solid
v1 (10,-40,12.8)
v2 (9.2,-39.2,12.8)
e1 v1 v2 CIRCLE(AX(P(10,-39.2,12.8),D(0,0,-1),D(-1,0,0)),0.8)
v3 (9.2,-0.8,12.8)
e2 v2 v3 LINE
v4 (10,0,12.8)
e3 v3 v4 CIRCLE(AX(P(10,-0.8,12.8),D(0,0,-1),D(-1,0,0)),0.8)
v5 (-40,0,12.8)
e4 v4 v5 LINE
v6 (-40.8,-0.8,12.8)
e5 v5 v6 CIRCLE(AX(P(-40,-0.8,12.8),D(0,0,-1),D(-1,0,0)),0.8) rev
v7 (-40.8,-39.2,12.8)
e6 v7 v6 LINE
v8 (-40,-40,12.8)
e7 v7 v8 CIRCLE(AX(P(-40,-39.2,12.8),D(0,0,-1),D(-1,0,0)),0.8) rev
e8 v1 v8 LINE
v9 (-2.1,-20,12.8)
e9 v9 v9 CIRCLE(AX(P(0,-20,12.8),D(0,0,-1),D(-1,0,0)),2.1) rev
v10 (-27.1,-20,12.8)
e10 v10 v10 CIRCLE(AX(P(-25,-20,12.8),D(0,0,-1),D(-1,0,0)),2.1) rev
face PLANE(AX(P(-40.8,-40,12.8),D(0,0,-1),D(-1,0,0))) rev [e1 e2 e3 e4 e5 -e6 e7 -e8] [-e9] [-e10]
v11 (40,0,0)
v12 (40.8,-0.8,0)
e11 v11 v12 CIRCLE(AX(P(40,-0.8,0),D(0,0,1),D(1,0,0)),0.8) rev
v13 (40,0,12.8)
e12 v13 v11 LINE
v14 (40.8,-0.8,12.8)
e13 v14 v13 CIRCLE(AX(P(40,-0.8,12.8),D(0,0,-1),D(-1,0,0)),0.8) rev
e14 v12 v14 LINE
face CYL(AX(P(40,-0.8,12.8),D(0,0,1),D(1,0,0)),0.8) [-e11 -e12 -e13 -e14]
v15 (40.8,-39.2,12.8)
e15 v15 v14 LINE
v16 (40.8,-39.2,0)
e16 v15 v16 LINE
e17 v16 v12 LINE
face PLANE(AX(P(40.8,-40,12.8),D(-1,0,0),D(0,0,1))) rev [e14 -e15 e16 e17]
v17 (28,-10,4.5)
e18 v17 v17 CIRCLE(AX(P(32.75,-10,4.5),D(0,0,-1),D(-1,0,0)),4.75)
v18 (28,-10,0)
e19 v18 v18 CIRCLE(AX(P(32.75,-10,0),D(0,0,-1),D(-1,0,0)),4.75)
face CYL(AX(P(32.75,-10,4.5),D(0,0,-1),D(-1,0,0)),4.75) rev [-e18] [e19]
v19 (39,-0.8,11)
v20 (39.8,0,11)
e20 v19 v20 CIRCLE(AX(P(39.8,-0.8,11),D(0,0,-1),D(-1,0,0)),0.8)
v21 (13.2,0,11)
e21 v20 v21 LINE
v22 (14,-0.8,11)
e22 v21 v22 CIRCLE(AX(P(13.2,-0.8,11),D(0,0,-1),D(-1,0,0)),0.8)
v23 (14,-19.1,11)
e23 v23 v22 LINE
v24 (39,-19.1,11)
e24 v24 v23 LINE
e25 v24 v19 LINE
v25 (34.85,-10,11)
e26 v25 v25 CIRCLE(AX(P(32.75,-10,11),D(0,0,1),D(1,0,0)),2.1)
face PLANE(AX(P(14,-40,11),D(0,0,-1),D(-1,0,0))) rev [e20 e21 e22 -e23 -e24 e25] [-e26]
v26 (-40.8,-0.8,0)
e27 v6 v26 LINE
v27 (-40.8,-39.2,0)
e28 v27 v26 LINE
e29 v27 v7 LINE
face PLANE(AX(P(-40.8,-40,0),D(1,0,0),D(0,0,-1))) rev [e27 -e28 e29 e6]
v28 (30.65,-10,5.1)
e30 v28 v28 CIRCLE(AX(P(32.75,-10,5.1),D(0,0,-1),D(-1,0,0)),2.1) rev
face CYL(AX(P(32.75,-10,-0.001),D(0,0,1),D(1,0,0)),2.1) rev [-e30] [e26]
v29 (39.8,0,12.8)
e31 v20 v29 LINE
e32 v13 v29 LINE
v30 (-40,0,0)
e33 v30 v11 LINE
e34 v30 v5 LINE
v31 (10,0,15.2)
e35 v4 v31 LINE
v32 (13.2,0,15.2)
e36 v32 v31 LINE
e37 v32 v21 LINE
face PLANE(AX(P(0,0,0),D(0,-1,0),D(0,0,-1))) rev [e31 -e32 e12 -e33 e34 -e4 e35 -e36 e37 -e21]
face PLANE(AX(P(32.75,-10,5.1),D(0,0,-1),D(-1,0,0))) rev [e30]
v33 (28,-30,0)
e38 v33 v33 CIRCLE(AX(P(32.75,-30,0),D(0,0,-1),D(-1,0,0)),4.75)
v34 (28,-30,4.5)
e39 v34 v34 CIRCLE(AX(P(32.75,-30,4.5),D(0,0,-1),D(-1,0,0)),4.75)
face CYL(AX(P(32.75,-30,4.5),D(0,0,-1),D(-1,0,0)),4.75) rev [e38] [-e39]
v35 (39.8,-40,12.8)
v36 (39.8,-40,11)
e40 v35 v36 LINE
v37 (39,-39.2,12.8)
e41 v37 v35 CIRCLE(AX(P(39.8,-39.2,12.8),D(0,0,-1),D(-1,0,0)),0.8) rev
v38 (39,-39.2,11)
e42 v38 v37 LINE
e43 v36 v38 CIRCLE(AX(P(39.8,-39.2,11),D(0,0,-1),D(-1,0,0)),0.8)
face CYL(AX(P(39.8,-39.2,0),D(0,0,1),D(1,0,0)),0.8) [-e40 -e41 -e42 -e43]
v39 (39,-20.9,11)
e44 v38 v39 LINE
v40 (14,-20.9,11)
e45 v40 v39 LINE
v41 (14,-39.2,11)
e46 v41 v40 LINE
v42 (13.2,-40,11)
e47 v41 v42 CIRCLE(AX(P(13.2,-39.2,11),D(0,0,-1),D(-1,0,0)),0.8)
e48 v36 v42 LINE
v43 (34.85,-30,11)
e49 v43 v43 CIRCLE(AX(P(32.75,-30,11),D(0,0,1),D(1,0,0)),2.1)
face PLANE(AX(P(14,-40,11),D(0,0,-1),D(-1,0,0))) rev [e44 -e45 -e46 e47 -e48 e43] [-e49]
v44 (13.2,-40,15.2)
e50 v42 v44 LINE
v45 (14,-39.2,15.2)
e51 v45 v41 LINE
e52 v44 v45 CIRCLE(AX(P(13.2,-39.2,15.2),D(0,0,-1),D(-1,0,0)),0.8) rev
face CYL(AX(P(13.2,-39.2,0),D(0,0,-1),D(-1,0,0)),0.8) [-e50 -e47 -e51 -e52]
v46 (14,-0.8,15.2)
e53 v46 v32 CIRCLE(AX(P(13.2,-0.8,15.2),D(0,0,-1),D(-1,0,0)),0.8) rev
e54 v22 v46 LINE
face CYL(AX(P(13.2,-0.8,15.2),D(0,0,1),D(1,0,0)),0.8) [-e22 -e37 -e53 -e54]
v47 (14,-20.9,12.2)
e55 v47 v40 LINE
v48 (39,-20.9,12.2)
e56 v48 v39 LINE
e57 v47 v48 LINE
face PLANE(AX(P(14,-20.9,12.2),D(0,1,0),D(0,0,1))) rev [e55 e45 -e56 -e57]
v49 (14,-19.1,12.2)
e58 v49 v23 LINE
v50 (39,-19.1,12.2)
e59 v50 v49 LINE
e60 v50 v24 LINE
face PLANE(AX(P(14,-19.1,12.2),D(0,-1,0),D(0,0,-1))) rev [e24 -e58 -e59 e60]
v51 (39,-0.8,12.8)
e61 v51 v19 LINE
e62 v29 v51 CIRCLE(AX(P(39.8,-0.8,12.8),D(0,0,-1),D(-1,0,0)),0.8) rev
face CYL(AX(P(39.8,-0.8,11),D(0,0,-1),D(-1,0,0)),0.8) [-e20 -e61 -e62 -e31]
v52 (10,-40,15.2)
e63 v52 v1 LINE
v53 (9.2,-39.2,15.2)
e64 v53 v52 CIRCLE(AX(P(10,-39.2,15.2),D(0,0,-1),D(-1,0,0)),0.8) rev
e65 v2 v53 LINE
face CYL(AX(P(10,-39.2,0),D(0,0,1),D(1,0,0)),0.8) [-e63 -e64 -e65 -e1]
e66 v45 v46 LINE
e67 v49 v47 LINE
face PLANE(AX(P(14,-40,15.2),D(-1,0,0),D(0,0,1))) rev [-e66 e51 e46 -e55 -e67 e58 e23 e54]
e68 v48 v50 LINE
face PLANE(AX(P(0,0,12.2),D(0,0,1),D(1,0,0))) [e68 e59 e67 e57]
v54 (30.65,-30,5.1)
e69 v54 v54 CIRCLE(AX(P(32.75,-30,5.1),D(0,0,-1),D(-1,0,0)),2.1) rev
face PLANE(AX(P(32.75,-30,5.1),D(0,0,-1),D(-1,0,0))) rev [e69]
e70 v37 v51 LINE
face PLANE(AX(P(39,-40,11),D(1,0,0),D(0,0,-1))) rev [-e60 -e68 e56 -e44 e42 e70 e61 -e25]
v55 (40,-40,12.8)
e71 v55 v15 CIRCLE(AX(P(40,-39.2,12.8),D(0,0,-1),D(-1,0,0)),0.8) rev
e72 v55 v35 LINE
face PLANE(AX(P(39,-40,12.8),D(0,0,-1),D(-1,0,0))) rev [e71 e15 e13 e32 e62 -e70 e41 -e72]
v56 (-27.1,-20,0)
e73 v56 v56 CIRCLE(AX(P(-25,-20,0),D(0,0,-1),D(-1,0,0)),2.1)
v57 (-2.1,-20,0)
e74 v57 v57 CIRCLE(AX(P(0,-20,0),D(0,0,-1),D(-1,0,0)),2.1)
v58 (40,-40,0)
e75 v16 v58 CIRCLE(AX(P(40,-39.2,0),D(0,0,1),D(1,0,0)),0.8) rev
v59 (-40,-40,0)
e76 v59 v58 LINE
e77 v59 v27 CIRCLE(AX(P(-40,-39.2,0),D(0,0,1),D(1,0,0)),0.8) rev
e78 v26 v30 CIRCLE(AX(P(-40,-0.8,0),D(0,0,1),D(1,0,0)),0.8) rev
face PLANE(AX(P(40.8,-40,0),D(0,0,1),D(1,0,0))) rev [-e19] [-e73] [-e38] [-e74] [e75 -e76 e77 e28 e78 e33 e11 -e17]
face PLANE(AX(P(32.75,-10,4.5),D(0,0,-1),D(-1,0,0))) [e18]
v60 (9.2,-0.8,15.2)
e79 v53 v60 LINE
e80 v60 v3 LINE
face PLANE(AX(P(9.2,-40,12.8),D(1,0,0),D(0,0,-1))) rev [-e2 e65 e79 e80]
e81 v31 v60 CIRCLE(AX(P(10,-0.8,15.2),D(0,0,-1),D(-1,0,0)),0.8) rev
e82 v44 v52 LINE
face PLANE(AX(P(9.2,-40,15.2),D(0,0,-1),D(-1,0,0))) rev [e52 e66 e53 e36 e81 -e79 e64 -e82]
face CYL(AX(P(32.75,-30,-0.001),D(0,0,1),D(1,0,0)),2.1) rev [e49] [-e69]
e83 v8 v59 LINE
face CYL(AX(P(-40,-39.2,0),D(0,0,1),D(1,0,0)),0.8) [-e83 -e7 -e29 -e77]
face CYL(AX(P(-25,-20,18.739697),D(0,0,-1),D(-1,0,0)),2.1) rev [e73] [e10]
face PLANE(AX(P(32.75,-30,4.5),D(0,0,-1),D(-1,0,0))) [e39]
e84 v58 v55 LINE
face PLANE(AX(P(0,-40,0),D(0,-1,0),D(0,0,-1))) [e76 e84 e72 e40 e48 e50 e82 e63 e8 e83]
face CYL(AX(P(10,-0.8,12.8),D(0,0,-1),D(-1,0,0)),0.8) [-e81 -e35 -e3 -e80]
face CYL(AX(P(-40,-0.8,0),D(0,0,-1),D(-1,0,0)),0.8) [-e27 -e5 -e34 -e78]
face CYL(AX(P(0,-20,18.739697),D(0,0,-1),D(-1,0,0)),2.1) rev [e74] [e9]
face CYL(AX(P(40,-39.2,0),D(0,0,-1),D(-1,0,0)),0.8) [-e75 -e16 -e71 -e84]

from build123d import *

# Parameters (mm, degrees)
BOSS_EXTRUDE1_DEPTH = 40
SKETCH6_R           = 2.1
CUT_EXTRUDE4_DEPTH  = 12.8
CUT_EXTRUDE7_REACH  = 60.186
SKETCH10_R          = 2.1
SKETCH11_R          = 4.75
CUT_EXTRUDE8_DEPTH  = 4.5
BOSS_EXTRUDE2_START = -0.6
SKETCH12_R          = 2.1
BOSS_EXTRUDE2_DEPTH = 0.6
SKETCH13_W          = 25
SKETCH13_H          = 1.8
BOSS_EXTRUDE3_DEPTH = 1.2
FILLET1_R           = 0.8


with BuildPart() as part:
    # Sketch1 → Boss-Extrude1 (new body)
    with BuildSketch(Plane.XZ):
        Polygon((14, 15.2), (14, 12.8), (14, 11), (39, 11), (39, 12.8), (40.8, 12.8), (40.8, 0), (-40.8, 0), (-40.8, 12.8), (9.2, 12.8), (9.2, 15.2), align=None)
    extrude(amount=BOSS_EXTRUDE1_DEPTH)

    # Sketch6 → Cut-Extrude4 (cut)
    with BuildSketch(Plane(origin=(0, 0, 0), x_dir=(-1, 0, 0), z_dir=(0, 0, -1))):
        with Locations((25, -20)):
            Circle(SKETCH6_R)
        with Locations((0, -20)):
            Circle(SKETCH6_R)
    extrude(amount=-CUT_EXTRUDE4_DEPTH, mode=Mode.SUBTRACT)

    # Sketch10 → Cut-Extrude7 (cut, up to next)
    with BuildSketch(Plane.XY.offset(11), mode=Mode.PRIVATE) as cut_extrude7_sk1:
        with Locations((32.75, -10)):
            Circle(SKETCH10_R)
    cut_extrude7_tool1 = extrude(cut_extrude7_sk1.sketch, amount=-CUT_EXTRUDE7_REACH, mode=Mode.PRIVATE) & part.part
    # Sketch10 → Cut-Extrude7 (cut, up to next)
    with BuildSketch(Plane.XY.offset(11), mode=Mode.PRIVATE) as cut_extrude7_sk2:
        with Locations((32.75, -30)):
            Circle(SKETCH10_R)
    cut_extrude7_tool2 = extrude(cut_extrude7_sk2.sketch, amount=-CUT_EXTRUDE7_REACH, mode=Mode.PRIVATE) & part.part
    add(cut_extrude7_tool1.solids().sort_by_distance((32.75, -10, 11))[0], mode=Mode.SUBTRACT)
    add(cut_extrude7_tool2.solids().sort_by_distance((32.75, -30, 11))[0], mode=Mode.SUBTRACT)

    # Sketch11 → Cut-Extrude8 (cut)
    with BuildSketch(Plane(origin=(0, 0, 0), x_dir=(-1, 0, 0), z_dir=(0, 0, -1))):
        with Locations((-32.75, -10)):
            Circle(SKETCH11_R)
        with Locations((-32.75, -30)):
            Circle(SKETCH11_R)
    extrude(amount=-CUT_EXTRUDE8_DEPTH, mode=Mode.SUBTRACT)

    # Sketch12 → Boss-Extrude2 (add)
    with BuildSketch(Plane(origin=(0, 0, 4.5), x_dir=(-1, 0, 0), z_dir=(0, 0, -1)).offset(BOSS_EXTRUDE2_START)):
        with Locations(Location((-32.75, -10, 0), (0, 0, 180))):
            Circle(SKETCH12_R)
        with Locations(Location((-32.75, -30, 0), (0, 0, 180))):
            Circle(SKETCH12_R)
    extrude(amount=BOSS_EXTRUDE2_DEPTH)

    # Sketch13 → Boss-Extrude3 (add)
    with BuildSketch(Plane.XY.offset(11)):
        with Locations((26.5, -20)):
            Rectangle(SKETCH13_W, SKETCH13_H)
    extrude(amount=BOSS_EXTRUDE3_DEPTH)

    # Fillet1
    fillet1_edges = [part.edges().sort_by_distance(p)[0] for p in [
        (39, 0, 11.9),
        (40.8, 0, 6.4),
        (-40.8, 0, 6.4),
        (9.2, 0, 14),
        (14, 0, 13.1),
        (9.2, -40, 14),
        (-40.8, -40, 6.4),
        (40.8, -40, 6.4),
        (39, -40, 11.9),
        (14, -40, 13.1),
    ]]
    fillet(fillet1_edges, radius=FILLET1_R)


solid = part.part
